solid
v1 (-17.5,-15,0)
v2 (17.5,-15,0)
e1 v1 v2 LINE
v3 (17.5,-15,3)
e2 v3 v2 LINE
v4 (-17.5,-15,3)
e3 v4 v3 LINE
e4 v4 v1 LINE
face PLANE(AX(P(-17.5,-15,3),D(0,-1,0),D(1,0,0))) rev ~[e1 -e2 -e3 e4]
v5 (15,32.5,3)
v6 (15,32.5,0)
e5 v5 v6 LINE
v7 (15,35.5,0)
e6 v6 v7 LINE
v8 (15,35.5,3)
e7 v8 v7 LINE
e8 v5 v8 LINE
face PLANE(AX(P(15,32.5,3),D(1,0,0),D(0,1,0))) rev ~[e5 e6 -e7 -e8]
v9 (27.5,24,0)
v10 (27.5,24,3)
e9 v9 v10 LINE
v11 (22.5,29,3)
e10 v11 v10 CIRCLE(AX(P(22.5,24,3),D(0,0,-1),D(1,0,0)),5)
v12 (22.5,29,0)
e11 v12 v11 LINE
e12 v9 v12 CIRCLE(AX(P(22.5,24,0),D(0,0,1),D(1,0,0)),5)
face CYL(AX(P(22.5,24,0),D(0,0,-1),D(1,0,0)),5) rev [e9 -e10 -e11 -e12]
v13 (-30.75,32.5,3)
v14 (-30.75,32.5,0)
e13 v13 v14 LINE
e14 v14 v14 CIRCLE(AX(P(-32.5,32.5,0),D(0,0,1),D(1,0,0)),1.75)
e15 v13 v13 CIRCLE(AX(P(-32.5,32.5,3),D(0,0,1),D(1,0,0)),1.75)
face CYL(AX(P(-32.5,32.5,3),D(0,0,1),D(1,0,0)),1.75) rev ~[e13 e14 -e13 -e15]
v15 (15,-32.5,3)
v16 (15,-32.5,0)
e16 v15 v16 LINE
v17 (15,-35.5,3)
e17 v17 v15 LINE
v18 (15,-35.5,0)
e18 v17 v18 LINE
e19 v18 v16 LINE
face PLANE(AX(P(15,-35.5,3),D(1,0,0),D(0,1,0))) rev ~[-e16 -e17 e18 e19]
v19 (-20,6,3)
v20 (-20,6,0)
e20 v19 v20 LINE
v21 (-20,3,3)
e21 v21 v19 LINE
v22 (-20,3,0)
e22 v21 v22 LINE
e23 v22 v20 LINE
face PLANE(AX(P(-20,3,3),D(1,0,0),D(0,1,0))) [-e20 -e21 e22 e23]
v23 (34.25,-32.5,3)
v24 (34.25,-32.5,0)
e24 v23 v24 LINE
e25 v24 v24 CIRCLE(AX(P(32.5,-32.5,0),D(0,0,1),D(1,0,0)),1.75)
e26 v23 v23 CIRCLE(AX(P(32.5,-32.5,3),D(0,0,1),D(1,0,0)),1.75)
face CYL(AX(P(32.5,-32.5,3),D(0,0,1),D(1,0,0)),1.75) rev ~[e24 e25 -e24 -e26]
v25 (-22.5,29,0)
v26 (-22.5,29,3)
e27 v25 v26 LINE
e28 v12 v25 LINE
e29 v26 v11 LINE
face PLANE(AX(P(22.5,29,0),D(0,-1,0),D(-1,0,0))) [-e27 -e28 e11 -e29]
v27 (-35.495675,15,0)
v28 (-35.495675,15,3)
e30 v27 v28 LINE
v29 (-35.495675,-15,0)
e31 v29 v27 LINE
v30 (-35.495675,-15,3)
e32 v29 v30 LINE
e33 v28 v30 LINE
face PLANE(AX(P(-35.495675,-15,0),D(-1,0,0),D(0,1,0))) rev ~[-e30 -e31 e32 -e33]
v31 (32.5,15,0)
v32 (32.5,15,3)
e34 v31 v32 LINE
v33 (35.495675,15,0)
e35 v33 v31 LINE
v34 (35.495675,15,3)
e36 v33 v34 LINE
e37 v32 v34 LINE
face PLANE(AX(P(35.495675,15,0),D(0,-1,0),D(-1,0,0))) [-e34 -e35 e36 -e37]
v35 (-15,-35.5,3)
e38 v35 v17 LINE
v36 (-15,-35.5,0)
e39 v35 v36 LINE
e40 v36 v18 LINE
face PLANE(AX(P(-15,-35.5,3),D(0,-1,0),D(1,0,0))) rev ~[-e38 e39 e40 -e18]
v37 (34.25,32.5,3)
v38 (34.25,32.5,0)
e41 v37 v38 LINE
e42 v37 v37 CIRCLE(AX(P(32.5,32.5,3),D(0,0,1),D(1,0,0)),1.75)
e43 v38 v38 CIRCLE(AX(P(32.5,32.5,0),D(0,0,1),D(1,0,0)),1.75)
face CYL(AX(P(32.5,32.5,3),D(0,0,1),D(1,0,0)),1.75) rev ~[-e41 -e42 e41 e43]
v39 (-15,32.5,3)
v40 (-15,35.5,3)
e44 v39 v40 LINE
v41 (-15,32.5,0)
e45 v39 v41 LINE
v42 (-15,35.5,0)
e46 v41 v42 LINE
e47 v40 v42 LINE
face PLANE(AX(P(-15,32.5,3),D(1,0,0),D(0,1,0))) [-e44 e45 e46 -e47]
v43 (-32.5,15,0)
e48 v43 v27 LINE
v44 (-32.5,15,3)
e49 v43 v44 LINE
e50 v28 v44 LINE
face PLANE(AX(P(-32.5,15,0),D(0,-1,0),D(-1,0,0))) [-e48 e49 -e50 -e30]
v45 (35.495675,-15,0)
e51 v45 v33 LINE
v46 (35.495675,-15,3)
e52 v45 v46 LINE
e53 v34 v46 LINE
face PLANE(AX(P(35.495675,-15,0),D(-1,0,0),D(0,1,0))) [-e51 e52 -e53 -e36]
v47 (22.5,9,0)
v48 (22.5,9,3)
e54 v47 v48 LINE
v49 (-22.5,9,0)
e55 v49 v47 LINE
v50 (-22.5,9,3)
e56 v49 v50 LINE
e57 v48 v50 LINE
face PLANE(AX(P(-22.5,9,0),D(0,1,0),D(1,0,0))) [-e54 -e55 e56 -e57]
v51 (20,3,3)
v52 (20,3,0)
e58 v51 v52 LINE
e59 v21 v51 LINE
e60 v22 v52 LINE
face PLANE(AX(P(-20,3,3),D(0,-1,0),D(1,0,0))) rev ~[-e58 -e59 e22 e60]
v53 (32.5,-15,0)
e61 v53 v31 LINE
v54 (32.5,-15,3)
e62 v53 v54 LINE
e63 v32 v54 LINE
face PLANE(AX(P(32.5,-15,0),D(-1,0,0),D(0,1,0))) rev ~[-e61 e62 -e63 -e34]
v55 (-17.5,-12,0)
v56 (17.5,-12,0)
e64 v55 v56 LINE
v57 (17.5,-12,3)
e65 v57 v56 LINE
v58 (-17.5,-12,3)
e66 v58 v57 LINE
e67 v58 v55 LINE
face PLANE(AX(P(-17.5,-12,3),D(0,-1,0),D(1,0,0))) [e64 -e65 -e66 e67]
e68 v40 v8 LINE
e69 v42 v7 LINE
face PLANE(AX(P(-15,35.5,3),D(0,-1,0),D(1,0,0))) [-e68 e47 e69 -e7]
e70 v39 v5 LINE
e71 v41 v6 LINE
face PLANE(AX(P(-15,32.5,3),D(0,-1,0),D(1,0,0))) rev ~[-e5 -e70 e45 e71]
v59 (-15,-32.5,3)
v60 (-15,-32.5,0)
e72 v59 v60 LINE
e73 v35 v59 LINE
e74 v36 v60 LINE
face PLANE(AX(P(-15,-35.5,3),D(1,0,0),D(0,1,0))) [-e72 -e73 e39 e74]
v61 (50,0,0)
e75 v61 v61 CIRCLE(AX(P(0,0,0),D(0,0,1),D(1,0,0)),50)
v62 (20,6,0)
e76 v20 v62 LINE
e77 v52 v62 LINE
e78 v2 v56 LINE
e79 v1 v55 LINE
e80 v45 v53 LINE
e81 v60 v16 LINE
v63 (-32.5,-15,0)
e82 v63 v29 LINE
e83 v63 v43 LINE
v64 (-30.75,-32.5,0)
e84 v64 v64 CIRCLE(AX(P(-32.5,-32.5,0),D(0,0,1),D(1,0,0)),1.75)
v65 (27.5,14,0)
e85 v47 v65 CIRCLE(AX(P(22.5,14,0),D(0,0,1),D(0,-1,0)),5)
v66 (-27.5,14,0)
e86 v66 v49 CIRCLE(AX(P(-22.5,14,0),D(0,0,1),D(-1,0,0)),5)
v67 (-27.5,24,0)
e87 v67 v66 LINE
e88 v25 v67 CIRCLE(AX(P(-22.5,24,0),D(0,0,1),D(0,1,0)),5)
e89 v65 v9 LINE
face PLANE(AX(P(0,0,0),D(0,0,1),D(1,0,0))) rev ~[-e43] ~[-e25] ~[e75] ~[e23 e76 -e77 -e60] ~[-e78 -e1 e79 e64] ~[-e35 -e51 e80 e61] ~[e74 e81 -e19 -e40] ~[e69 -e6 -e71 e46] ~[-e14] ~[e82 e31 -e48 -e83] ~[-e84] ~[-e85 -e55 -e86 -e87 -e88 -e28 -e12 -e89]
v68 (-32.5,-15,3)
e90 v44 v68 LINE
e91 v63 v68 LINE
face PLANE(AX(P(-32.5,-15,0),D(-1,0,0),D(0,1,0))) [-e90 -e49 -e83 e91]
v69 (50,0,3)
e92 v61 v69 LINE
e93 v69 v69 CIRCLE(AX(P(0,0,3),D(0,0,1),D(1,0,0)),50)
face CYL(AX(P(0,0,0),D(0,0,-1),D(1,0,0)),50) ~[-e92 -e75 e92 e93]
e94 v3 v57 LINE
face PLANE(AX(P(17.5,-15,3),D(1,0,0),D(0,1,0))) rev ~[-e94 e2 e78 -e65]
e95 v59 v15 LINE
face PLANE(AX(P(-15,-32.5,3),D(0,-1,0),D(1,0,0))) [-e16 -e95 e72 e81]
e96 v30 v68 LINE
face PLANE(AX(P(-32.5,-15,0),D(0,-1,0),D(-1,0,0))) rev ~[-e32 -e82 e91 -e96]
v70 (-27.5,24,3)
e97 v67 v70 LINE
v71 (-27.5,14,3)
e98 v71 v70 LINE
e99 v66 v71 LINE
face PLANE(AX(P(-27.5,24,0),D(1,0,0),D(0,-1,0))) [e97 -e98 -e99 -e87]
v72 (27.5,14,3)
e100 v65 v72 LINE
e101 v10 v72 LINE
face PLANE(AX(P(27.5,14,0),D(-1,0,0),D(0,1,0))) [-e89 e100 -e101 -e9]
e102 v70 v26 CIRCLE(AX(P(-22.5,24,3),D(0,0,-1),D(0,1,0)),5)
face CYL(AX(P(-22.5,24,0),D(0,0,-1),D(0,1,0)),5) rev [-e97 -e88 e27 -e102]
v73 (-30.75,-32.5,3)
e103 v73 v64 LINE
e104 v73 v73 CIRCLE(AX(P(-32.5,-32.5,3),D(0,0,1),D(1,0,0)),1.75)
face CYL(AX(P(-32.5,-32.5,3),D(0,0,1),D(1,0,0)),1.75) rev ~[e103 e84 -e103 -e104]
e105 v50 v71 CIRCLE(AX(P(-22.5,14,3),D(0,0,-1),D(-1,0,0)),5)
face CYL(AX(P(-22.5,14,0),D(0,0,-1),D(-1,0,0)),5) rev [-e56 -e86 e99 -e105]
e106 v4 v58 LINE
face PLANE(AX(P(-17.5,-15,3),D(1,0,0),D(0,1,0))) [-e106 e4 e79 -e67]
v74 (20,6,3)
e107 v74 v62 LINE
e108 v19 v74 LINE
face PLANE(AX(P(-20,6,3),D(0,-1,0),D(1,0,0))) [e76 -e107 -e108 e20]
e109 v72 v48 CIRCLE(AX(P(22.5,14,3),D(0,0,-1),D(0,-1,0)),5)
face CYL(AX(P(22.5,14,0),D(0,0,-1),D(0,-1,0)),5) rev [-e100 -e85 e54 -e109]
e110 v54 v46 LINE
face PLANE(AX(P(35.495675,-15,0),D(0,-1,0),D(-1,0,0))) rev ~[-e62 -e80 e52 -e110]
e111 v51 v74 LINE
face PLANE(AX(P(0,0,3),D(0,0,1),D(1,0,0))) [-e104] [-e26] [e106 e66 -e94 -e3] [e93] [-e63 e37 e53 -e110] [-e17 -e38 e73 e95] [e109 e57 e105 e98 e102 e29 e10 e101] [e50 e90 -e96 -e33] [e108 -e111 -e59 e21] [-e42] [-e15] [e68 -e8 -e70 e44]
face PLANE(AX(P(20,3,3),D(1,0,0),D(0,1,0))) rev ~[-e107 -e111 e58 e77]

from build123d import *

# Parameters (mm, degrees)
SKETCH_1_R          = 50
EXTRUDE_1_DEPTH     = 3
SKETCH_2_W          = 30
SKETCH_2_H          = 3
SKETCH_2_W_2        = 35
SKETCH_2_W_3        = 40
CUT_EXTRUDE_1_DEPTH = 8
CUT_EXTRUDE_2_DEPTH = 10
SKETCH_4_W          = 2.995674625
SKETCH_4_H          = 30
CUT_EXTRUDE_3_DEPTH = 10
SKETCH_5_R          = 1.75
CUT_EXTRUDE_4_DEPTH = 10


with BuildPart() as part:
    # Эскиз1 → Бобышка-Вытянуть1 (new body)
    with BuildSketch(Plane.XY):
        Circle(SKETCH_1_R)
    extrude(amount=EXTRUDE_1_DEPTH)

    # Эскиз2 → Вырез-Вытянуть1 (cut)
    with BuildSketch(Plane.XY.offset(3)):
        with Locations((0, -34)):
            Rectangle(SKETCH_2_W, SKETCH_2_H)
        with Locations((0, -13.5)):
            Rectangle(SKETCH_2_W_2, SKETCH_2_H)
        with Locations((0, 4.5)):
            Rectangle(SKETCH_2_W_3, SKETCH_2_H)
        with Locations((0, 34)):
            Rectangle(SKETCH_2_W, SKETCH_2_H)
    extrude(amount=-CUT_EXTRUDE_1_DEPTH, mode=Mode.SUBTRACT)

    # Эскиз3 → Вырез-Вытянуть2 (cut)
    with BuildSketch(Plane(origin=(0, 0, 0), x_dir=(-1, 0, 0), z_dir=(0, 0, -1))):
        with BuildLine():
            Line((-22.5, 29), (22.5, 29))
            ThreePointArc((22.5, 29), (26.035533906, 27.535533906), (27.5, 24))
            Line((27.5, 24), (27.5, 14))
            ThreePointArc((27.5, 14), (26.035533906, 10.464466094), (22.5, 9))
            Line((22.5, 9), (-22.5, 9))
            ThreePointArc((-22.5, 9), (-26.035533906, 10.464466094), (-27.5, 14))
            Line((-27.5, 14), (-27.5, 24))
            ThreePointArc((-27.5, 24), (-26.035533906, 27.535533906), (-22.5, 29))
        make_face()
    extrude(amount=-CUT_EXTRUDE_2_DEPTH, mode=Mode.SUBTRACT)

    # Эскиз4 → Вырез-Вытянуть3 (cut)
    with BuildSketch(Plane(origin=(0, 0, 0), x_dir=(-1, 0, 0), z_dir=(0, 0, -1))):
        with Locations((-33.997837312, 0)):
            Rectangle(SKETCH_4_W, SKETCH_4_H)
        with Locations((33.997837312, 0)):
            Rectangle(SKETCH_4_W, SKETCH_4_H)
    extrude(amount=-CUT_EXTRUDE_3_DEPTH, mode=Mode.SUBTRACT)

    # Эскиз5 → Вырез-Вытянуть4 (cut)
    with BuildSketch(Plane.XY.offset(3)):
        with Locations((-32.5, 32.5)):
            Circle(SKETCH_5_R)
        with Locations((32.5, 32.5)):
            Circle(SKETCH_5_R)
        with Locations((32.5, -32.5)):
            Circle(SKETCH_5_R)
        with Locations((-32.5, -32.5)):
            Circle(SKETCH_5_R)
    extrude(amount=-CUT_EXTRUDE_4_DEPTH, mode=Mode.SUBTRACT)


solid = part.part
